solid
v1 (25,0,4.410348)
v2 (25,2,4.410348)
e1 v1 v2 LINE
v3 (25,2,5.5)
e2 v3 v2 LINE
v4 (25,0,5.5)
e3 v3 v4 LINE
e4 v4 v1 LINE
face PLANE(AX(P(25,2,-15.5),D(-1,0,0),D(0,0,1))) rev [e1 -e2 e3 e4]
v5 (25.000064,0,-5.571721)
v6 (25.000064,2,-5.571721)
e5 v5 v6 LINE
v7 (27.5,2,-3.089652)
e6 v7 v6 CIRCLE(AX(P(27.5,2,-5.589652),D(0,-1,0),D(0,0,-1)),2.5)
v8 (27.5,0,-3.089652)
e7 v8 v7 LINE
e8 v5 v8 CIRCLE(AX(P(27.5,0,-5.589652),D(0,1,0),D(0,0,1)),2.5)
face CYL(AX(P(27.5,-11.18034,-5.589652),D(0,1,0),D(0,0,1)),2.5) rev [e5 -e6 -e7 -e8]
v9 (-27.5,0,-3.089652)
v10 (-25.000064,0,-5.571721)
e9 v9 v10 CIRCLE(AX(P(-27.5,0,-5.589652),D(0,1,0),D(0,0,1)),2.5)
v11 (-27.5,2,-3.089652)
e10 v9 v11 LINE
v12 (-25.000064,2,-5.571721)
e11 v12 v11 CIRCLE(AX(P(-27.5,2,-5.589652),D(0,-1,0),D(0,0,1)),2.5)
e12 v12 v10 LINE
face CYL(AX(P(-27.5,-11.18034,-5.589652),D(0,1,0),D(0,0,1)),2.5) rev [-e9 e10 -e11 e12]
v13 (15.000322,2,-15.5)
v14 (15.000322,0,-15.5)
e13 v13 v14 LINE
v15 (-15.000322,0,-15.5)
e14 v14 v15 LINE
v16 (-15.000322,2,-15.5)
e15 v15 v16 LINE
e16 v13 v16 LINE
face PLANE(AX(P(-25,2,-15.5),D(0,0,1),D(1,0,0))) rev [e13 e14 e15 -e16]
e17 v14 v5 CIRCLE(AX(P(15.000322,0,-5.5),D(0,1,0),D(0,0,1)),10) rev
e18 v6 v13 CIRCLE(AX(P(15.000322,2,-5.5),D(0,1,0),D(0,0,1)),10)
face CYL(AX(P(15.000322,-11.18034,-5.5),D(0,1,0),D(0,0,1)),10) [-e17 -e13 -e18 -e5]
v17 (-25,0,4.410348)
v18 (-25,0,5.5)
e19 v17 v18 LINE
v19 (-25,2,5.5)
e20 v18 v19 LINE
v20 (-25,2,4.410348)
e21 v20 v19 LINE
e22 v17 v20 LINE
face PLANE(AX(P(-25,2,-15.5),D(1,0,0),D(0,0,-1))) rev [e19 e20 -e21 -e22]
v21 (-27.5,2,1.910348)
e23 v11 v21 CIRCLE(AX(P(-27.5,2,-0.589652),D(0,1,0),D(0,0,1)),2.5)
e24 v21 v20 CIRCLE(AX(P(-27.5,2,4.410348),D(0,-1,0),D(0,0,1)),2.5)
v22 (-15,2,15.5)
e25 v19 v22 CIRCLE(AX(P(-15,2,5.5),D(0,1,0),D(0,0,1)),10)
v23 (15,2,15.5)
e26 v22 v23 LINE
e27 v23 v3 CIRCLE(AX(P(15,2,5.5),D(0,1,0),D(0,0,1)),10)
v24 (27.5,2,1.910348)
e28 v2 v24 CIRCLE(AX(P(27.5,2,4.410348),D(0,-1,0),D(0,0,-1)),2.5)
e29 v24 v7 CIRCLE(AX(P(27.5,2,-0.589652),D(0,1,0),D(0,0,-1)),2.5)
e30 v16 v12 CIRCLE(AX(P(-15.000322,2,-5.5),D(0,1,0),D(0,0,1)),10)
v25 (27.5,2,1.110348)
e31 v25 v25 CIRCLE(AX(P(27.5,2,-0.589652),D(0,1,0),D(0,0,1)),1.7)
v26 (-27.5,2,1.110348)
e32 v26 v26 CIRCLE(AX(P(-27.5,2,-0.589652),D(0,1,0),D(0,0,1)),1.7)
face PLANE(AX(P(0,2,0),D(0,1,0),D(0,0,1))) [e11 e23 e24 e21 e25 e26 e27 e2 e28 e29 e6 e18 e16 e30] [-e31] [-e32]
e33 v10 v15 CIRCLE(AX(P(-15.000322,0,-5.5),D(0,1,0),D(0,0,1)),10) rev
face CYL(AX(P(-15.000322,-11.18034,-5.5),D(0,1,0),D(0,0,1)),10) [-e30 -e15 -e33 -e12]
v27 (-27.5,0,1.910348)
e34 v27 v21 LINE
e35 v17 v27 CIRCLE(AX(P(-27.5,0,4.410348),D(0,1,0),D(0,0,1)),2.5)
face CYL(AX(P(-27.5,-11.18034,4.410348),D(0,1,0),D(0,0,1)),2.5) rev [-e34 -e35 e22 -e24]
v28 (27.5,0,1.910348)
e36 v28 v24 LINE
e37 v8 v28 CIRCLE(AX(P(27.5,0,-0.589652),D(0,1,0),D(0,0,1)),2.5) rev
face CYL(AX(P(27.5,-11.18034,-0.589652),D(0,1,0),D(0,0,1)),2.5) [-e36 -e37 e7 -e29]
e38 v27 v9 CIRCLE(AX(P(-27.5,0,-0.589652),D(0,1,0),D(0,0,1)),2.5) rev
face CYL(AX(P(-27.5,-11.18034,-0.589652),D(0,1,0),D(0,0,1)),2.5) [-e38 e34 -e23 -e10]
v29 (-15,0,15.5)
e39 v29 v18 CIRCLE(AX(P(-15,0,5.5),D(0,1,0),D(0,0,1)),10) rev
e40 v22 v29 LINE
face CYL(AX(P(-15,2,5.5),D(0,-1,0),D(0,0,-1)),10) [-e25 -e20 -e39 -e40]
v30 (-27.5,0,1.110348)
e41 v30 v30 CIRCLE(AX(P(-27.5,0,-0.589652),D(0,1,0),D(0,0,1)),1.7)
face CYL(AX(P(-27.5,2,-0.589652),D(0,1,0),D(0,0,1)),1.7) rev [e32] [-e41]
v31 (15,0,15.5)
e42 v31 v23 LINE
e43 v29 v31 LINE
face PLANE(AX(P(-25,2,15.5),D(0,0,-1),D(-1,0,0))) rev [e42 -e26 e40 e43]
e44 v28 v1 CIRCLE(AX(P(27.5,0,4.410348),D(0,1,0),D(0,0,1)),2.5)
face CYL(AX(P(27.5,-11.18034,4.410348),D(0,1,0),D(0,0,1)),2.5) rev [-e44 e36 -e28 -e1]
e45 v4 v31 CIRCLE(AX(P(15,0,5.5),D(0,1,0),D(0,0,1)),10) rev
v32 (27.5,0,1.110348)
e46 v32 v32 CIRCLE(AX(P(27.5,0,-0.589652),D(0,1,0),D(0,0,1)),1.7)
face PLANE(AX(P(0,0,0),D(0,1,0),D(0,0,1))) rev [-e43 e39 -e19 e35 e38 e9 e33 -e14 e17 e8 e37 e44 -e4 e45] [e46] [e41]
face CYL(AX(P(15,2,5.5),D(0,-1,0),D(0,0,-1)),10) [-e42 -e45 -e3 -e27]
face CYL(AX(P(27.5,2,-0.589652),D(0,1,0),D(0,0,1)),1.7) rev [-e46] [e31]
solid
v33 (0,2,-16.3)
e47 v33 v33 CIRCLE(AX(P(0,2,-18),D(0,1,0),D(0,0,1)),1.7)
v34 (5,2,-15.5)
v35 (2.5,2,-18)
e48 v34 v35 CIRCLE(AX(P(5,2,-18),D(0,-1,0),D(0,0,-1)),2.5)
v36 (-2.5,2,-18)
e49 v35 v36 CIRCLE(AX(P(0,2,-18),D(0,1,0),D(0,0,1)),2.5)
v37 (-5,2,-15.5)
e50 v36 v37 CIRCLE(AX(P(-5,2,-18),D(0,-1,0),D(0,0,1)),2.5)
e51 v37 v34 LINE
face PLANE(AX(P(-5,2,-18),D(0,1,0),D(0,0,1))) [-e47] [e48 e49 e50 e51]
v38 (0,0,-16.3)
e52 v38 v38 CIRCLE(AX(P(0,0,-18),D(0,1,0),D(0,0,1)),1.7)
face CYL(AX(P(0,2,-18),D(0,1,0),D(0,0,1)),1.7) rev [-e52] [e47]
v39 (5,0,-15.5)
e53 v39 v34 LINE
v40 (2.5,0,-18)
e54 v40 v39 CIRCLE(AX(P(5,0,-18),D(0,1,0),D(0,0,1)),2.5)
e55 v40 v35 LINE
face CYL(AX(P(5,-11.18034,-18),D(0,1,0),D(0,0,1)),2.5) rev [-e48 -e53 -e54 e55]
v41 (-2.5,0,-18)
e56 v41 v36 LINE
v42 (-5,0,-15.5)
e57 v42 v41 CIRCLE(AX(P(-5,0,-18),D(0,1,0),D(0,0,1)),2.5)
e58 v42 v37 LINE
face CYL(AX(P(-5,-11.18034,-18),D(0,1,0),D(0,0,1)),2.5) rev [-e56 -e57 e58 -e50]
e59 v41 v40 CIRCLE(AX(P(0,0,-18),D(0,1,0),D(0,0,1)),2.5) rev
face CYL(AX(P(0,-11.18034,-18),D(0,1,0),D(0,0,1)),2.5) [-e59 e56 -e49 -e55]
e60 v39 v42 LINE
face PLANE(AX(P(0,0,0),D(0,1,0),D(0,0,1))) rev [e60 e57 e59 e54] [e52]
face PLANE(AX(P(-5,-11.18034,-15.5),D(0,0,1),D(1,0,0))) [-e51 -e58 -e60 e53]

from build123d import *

# Parameters (mm, degrees)
SKETCH_1_W                  = 50
SKETCH_1_H                  = 31
EXTRUDE_1_DEPTH             = 2
EXTRUDE_2_DEPTH             = 2
EXTRUDE_3_DEPTH             = 2
SKETCH_5_W                  = 1.7
SKETCH_5_H                  = 2
HOLE_WIZARD_M3_1_AT_2_COUNT = 2
HOLE_WIZARD_M3_1_AT_2_PITCH = 32.547968148
HOLE_WIZARD_M3_1_AT_3_COUNT = 2
HOLE_WIZARD_M3_1_AT_3_PITCH = 32.547968148
FILLET_1_R                  = 10


with BuildPart() as part:
    # 草图1 → 凸台-拉伸1 (new body)
    with BuildSketch(Plane(origin=(0, 0, 0), x_dir=(1, 0, 0), z_dir=(0, 1, 0))):
        Rectangle(SKETCH_1_W, SKETCH_1_H)
    extrude(amount=EXTRUDE_1_DEPTH)

    # 草图6 → 凸台-拉伸3 (add)
    with BuildSketch(Plane(origin=(0, 2, 0), x_dir=(1, 0, 0), z_dir=(0, 1, 0))):
        with BuildLine():
            Line((-25, 5.589651624), (-25, -4.410348376))
            ThreePointArc((-25, -4.410348376), (-25.732233047, -2.642581423), (-27.5, -1.910348376))
            ThreePointArc((-27.5, -1.910348376), (-30, 0.589651624), (-27.5, 3.089651624))
            ThreePointArc((-27.5, 3.089651624), (-25.732233047, 3.821884671), (-25, 5.589651624))
        make_face()
        with BuildLine():
            Line((25, 5.589651624), (25, -4.410348376))
            ThreePointArc((25, -4.410348376), (25.732233047, -2.642581423), (27.5, -1.910348376))
            ThreePointArc((27.5, -1.910348376), (30, 0.589651624), (27.5, 3.089651624))
            ThreePointArc((27.5, 3.089651624), (25.732233047, 3.821884671), (25, 5.589651624))
        make_face()
    extrude(amount=-EXTRUDE_3_DEPTH)


with BuildPart() as body_2:
    # 草图2 → 凸台-拉伸2 (new body)
    with BuildSketch(Plane(origin=(0, 2, 0), x_dir=(1, 0, 0), z_dir=(0, 1, 0))):
        with BuildLine():
            Line((-5, 15.5), (5, 15.5))
            ThreePointArc((5, 15.5), (3.232233047, 16.232233047), (2.5, 18))
            ThreePointArc((2.5, 18), (0, 20.5), (-2.5, 18))
            ThreePointArc((-2.5, 18), (-3.232233047, 16.232233047), (-5, 15.5))
        make_face()
    extrude(amount=-EXTRUDE_2_DEPTH)

    # 草图5 → M3 间隙孔1 (revolve, cut)
    with BuildSketch(Plane(origin=(0, 2, -18), x_dir=(0, 0, 1), z_dir=(1, 0, 0))):
        with Locations((0.85, 1)):
            Rectangle(SKETCH_5_W, SKETCH_5_H)
    hole_wizard_m3_1 = revolve(axis=Axis((0, 8.35, -18), (0, -1, 0)), mode=Mode.SUBTRACT)


with BuildPart() as part_1:
    add(part.part)

    # M3 间隙孔1 at 2: M3 间隙孔1 ×2
    with Locations(*[Vector(-0.8449068118474433, 0, 0.5349135250615646) * (i * HOLE_WIZARD_M3_1_AT_2_PITCH) for i in range(1, HOLE_WIZARD_M3_1_AT_2_COUNT)]):
        add(hole_wizard_m3_1, mode=Mode.SUBTRACT)

    # M3 间隙孔1 at 3: M3 间隙孔1 ×2
    with Locations(*[Vector(0.8449068118474434, 0, 0.5349135250615644) * (i * HOLE_WIZARD_M3_1_AT_3_PITCH) for i in range(1, HOLE_WIZARD_M3_1_AT_3_COUNT)]):
        add(hole_wizard_m3_1, mode=Mode.SUBTRACT)

    # 圆角1
    fillet_1_edges = [part_1.edges().sort_by_distance(p)[0] for p in [
        (25, 1, -15.5),
        (-25, 1, -15.5),
        (25, 1, 15.5),
        (-25, 1, 15.5),
    ]]
    fillet(fillet_1_edges, radius=FILLET_1_R)


solid = Compound([body_2.part, part_1.part])
